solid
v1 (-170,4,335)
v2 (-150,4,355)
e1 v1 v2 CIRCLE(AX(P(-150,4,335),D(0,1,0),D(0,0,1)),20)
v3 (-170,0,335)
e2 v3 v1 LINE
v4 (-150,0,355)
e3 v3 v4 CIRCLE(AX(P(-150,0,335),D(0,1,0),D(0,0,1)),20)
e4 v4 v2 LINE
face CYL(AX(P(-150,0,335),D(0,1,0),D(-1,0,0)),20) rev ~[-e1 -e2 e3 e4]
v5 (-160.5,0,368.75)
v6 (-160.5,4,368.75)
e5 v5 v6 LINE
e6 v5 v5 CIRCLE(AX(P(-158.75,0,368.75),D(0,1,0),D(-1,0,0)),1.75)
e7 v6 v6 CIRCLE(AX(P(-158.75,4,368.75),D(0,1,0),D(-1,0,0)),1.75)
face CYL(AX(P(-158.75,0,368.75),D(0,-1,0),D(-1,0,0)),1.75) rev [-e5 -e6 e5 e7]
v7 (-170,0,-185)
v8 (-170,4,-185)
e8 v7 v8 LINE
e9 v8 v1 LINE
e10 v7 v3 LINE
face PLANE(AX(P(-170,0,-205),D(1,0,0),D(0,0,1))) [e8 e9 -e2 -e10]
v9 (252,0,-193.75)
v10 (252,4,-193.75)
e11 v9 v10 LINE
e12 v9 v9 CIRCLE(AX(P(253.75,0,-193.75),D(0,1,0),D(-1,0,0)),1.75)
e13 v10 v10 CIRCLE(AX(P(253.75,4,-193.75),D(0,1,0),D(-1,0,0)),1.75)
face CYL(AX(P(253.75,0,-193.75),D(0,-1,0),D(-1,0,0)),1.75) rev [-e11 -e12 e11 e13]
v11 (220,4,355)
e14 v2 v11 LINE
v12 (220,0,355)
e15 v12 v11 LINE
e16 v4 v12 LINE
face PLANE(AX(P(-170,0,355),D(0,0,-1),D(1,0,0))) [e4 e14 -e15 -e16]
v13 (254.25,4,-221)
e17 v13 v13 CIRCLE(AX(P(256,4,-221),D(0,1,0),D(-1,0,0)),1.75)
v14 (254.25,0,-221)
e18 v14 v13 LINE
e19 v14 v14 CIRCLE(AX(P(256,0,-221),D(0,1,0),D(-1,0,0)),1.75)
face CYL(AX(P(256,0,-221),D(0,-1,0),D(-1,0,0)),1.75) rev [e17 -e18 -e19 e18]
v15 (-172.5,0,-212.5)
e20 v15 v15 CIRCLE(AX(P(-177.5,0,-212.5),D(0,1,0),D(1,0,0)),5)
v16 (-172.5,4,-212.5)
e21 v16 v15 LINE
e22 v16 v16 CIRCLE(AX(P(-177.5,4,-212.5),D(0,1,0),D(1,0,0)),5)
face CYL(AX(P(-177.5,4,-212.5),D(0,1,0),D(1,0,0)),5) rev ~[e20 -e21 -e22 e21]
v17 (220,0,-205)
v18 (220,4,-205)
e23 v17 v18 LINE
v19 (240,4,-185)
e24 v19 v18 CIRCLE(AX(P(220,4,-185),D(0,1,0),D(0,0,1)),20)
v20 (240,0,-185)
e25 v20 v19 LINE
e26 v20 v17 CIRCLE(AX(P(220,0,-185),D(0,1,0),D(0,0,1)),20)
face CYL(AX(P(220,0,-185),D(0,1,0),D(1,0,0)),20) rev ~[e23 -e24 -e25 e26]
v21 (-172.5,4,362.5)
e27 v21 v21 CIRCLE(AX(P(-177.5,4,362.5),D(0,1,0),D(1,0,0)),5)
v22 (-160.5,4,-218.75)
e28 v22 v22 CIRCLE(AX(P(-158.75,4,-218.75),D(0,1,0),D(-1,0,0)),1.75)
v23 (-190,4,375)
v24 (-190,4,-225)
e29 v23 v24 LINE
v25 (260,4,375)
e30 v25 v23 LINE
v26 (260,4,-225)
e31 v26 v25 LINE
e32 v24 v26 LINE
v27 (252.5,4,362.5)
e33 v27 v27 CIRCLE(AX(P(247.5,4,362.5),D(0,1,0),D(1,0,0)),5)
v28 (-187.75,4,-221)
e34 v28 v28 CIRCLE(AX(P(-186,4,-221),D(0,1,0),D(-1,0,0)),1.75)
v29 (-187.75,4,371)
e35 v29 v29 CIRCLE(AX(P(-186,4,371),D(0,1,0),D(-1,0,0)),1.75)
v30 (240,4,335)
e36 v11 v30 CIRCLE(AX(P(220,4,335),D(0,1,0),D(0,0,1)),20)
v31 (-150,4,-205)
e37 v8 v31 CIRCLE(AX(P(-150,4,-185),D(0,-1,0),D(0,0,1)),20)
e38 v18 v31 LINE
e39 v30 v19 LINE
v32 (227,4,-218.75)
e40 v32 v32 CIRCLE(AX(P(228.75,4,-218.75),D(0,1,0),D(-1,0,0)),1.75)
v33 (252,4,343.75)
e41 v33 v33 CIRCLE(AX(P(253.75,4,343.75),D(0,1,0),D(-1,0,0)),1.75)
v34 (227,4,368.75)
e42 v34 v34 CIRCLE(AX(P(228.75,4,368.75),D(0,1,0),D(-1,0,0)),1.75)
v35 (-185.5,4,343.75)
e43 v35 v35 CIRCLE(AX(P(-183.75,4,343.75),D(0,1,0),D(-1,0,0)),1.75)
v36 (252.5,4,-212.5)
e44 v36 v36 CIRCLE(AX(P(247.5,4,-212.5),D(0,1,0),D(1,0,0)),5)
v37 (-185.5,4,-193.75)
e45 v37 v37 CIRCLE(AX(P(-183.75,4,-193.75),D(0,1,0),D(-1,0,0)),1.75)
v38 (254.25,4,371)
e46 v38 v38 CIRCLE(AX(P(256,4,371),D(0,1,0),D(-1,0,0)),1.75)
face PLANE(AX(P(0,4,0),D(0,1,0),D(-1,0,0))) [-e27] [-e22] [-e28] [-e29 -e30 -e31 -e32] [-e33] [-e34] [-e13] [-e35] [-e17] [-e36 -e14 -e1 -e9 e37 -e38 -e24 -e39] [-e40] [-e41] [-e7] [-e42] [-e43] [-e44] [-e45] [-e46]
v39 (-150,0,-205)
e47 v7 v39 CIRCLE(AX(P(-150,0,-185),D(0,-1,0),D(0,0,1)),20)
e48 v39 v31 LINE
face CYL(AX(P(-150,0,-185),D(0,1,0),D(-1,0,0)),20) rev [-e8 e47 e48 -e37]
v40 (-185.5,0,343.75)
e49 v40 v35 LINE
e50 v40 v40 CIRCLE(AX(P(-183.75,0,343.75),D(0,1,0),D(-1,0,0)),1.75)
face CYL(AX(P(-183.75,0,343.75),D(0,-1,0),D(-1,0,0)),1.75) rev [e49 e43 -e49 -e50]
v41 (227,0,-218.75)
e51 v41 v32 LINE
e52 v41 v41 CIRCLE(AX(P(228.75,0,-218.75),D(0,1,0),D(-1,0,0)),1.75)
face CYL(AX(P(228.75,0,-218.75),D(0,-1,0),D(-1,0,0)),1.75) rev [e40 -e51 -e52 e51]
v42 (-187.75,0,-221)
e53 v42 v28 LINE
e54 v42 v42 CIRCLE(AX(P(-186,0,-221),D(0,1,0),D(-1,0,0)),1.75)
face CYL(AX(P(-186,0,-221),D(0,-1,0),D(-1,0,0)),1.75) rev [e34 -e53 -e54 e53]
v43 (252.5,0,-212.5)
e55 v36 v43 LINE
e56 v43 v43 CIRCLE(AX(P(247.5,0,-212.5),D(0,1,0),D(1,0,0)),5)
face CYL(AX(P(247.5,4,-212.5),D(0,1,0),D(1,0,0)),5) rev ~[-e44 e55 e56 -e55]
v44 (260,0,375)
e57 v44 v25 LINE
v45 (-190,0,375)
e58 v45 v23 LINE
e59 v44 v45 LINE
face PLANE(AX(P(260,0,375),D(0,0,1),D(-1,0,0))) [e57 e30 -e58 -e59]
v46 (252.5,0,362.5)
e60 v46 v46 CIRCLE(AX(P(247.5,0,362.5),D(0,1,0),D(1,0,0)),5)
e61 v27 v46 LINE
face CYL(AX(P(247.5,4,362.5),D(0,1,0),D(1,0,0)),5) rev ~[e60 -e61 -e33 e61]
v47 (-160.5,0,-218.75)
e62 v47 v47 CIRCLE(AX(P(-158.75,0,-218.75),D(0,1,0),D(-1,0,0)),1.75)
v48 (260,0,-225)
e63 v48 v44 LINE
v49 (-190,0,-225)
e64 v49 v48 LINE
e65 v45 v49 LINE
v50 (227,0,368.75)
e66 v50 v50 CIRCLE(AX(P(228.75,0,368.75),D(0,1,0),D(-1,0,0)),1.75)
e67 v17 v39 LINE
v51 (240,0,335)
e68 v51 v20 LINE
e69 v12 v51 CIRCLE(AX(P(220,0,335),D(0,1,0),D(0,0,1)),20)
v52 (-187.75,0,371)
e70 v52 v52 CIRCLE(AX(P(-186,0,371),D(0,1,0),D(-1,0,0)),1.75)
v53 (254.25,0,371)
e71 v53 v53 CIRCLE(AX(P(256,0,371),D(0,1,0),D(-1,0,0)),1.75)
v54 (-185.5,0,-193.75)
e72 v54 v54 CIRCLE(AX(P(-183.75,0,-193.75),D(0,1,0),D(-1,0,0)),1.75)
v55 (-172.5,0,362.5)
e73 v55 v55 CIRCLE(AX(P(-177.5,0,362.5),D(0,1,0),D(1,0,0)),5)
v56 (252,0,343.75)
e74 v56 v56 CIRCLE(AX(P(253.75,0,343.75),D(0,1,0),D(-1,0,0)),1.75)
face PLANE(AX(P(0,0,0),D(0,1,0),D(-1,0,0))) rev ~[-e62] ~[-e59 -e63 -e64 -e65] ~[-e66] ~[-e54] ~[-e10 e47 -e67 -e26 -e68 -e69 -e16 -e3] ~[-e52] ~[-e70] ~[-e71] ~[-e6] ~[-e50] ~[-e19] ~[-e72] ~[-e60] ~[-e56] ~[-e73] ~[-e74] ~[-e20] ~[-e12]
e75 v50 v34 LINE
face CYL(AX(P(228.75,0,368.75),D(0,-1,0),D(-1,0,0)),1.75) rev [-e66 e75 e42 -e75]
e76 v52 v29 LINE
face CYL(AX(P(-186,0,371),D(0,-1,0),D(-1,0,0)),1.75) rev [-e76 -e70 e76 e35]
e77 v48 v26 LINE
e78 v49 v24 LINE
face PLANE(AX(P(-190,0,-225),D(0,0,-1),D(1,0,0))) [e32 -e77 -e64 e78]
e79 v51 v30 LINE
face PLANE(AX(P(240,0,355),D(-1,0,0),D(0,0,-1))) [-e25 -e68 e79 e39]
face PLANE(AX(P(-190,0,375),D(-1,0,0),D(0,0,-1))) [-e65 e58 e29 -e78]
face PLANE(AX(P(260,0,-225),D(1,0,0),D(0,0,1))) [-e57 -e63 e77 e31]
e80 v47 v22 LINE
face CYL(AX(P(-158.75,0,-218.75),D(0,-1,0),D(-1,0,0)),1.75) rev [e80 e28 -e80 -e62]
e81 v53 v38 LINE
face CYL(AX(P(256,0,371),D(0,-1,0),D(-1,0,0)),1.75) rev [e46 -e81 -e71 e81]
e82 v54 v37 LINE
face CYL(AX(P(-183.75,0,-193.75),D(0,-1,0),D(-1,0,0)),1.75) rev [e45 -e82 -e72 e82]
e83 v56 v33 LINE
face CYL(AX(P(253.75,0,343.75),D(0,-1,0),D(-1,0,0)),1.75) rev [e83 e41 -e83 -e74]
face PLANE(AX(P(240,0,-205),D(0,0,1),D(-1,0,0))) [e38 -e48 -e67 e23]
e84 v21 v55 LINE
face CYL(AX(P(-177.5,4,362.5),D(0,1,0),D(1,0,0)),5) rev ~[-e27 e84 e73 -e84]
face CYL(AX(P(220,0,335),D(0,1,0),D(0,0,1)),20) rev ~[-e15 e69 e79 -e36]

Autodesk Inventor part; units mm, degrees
ref_plane "YZ Plane" through (0, 0, 0) normal (1, 0, 0) x (0, 1, 0)
ref_plane "XZ Plane" through (0, 0, 0) normal (0, 1, 0) x (-1, 0, 0)
ref_plane "XY Plane" through (0, 0, 0) normal (0, 0, 1) x (1, 0, 0)
sketch "Эскиз1" plane through (0, 0, 0) normal (0, 1, 0) x (-1, 0, 0)
  line L0 (-260, 375) -> (190, 375)
  line L1 (190, 375) -> (190, -225)
  line L2 (190, -225) -> (-260, -225)
  line L3 (-260, -225) -> (-260, 375)
  line L4 (-260, 375) -> (190, -225) construction
  line L5 (190, 375) -> (-260, -225) construction
  circle A0 centre (-228.75, 368.75) radius 1.75
  circle A1 centre (-253.75, 343.75) radius 1.75
  circle A2 centre (-256, 371) radius 1.75
  circle A3 centre (186, 371) radius 1.75
  circle A4 centre (183.75, 343.75) radius 1.75
  circle A5 centre (158.75, 368.75) radius 1.75
  circle A6 centre (183.75, -193.75) radius 1.75
  circle A7 centre (186, -221) radius 1.75
  circle A8 centre (158.75, -218.75) radius 1.75
  circle A9 centre (-253.75, -193.75) radius 1.75
  circle A10 centre (-256, -221) radius 1.75
  circle A11 centre (-228.75, -218.75) radius 1.75
  line L6 (170, -205) -> (170, 355)
  line L7 (170, 355) -> (-240, 355)
  line L8 (-240, 355) -> (-240, -205)
  line L9 (-240, -205) -> (170, -205)
  point P0 (0, 0)
  dimension "d0" = 450
  dimension "d1" = 600
  dimension "d11" = 20
  dimension "d21" = 27.25
  dimension "d22" = 2.25
  dimension "d23" = 27.25
  dimension "d24" = 2.25
  dimension "d25" = 4
  dimension "d26" = 4
  dimension "d27" = 27.25
  dimension "d28" = 4
  dimension "d29" = 4
  dimension "d30" = 27.25
  dimension "d31" = 2.25
  dimension "d32" = 2.25
  dimension "d34" = 27.25
  dimension "d35" = 27.25
  dimension "d36" = 2.25
  dimension "d37" = 2.25
  dimension "d38" = 4
  dimension "d39" = 4
  dimension "d40" = 27.25
  dimension "d41" = 27.25
  dimension "d42" = 2.25
  dimension "d43" = 2.25
  dimension "d44" = 4
  dimension "d45" = 4
extrude "Выдавливание1" add sketch "Эскиз1" along normal blind 4
fillet "Сопряжение1" radius 20 4 edges at (240, 2, -205) (-170, 2, -205) (-170, 2, 355) (240, 2, 355)
sketch "Эскиз2" plane through (0, 4, 0) normal (0, 1, 0) x (1, 0, 0)
  circle A0 centre (-177.5, 212.5) radius 7 projected
  circle A1 centre (247.5, 212.5) radius 7 projected
  circle A2 centre (247.5, -362.5) radius 7 projected
  circle A3 centre (-177.5, -362.5) radius 7 projected
  circle A4 centre (-177.5, -362.5) radius 5
  circle A5 centre (247.5, -362.5) radius 5
  circle A6 centre (247.5, 212.5) radius 5
  circle A7 centre (-177.5, 212.5) radius 5
  line L0 (260, 225) -> (-190, 225) projected
  point P0 (0, 0)
  dimension "d15" = 10
  dimension "d16" = 10
  dimension "d17" = 10
  dimension "d18" = 10
  dimension "d33" = 12.5
extrude "Выдавливание2" cut sketch "Эскиз2" against normal through all contours A4 | A5 | A6 | A7
properties part number "top_plate"
